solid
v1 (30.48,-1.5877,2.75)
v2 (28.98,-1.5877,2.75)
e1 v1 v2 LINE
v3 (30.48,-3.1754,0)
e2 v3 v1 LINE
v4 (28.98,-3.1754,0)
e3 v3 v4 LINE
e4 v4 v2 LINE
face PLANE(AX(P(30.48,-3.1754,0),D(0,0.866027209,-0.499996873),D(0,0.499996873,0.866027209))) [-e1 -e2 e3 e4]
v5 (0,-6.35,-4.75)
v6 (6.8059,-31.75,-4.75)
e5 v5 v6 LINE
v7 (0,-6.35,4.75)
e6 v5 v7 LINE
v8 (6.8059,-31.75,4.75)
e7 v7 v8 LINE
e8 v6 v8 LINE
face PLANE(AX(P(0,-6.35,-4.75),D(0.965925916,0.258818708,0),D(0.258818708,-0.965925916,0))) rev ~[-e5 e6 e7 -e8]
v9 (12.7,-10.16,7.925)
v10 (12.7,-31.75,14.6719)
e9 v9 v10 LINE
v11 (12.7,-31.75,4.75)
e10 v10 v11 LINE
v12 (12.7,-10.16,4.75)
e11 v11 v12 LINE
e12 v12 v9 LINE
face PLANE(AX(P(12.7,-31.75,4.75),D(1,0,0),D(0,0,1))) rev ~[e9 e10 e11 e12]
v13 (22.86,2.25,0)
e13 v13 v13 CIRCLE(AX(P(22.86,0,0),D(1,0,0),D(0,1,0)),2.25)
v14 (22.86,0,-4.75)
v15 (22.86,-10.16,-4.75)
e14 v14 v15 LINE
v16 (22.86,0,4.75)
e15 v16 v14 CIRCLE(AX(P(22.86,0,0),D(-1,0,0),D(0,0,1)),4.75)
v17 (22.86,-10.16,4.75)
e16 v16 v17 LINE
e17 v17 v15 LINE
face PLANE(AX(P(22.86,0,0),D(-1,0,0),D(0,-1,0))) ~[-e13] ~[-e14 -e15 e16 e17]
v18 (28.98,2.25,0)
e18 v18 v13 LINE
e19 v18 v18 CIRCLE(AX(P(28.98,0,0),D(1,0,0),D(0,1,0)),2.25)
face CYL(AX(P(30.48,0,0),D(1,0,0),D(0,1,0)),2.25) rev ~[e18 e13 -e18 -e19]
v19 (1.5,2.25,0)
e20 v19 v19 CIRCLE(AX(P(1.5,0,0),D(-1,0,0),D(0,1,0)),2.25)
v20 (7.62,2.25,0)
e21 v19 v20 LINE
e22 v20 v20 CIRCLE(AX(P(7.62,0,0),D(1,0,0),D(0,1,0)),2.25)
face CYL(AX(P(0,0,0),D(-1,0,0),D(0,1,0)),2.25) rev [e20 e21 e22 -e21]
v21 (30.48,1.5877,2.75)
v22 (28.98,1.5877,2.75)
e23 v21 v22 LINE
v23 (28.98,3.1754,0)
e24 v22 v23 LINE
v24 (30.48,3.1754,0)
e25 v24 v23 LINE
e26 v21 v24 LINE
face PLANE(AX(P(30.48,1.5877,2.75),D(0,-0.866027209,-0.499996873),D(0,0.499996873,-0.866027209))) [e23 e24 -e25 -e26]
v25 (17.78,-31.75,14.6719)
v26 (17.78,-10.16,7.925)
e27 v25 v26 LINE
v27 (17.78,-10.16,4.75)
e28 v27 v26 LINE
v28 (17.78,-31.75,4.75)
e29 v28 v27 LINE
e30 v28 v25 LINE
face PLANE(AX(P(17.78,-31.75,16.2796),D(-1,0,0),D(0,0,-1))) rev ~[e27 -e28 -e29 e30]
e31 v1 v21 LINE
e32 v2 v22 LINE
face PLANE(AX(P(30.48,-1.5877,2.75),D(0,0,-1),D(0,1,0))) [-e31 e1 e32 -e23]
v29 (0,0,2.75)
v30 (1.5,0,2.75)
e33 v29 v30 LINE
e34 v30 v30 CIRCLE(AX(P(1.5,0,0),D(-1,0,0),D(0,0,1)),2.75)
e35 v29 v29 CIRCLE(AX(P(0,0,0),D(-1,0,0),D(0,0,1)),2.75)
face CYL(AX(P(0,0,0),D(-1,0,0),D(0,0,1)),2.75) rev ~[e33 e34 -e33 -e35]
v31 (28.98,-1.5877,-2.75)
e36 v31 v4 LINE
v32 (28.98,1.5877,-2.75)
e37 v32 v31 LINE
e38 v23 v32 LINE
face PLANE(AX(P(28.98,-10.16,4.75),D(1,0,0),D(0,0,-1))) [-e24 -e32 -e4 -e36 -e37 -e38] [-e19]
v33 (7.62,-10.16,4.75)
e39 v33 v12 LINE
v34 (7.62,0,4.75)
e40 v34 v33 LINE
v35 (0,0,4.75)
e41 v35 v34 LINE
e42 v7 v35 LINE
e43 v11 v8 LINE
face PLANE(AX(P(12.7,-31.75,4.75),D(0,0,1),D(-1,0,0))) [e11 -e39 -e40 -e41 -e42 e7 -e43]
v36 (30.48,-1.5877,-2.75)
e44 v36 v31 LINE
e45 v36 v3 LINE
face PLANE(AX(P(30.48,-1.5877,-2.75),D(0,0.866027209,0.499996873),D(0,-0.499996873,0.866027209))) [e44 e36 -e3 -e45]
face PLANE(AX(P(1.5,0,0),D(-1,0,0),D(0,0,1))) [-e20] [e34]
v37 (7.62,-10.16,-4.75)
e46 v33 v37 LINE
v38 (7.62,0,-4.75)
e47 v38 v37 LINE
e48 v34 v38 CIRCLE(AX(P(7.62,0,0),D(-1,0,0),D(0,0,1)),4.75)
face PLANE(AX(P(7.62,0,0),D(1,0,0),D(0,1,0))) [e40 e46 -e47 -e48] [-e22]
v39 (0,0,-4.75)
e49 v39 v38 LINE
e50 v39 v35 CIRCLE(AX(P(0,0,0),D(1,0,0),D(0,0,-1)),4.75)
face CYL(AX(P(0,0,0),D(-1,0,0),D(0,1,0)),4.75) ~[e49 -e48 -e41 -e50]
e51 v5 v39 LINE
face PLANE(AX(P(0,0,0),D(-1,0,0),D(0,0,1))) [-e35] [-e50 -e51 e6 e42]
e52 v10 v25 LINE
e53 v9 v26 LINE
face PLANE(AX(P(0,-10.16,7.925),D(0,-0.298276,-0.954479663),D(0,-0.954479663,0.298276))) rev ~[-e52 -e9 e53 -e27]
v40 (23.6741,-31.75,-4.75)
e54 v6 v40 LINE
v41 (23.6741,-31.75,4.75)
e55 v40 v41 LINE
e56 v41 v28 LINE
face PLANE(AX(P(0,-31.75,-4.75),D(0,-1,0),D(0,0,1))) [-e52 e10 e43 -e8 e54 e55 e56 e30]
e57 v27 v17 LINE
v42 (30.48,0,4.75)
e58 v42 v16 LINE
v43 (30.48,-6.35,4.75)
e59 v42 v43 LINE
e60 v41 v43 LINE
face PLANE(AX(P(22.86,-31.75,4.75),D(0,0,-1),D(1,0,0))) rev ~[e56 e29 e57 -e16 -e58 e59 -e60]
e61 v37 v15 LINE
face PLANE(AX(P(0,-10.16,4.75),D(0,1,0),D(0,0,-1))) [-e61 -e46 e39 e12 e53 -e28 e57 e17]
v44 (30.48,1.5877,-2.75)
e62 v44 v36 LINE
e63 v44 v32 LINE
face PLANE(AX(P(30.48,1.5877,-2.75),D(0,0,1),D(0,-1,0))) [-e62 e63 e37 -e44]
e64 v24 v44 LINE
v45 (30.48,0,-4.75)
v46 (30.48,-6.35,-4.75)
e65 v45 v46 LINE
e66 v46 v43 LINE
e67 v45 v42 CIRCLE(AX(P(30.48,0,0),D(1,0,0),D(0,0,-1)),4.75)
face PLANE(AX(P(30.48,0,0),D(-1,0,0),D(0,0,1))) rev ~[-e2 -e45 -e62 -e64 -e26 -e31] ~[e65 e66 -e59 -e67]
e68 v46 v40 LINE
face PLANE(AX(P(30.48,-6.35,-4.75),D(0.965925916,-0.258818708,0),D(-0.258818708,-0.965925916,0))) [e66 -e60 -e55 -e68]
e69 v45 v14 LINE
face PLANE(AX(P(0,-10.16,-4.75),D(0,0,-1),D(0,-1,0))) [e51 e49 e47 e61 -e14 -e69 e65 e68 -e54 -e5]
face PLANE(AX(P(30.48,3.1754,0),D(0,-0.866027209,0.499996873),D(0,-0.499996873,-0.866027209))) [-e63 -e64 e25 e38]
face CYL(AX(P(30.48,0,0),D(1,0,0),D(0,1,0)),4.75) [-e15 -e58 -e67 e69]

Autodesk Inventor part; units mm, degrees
ref_plane "YZ Plane" through (0, 0, 0) normal (1, 0, 0) x (0, 1, 0)
ref_plane "XZ Plane" through (0, 0, 0) normal (0, 1, 0) x (-1, 0, 0)
ref_plane "XY Plane" through (0, 0, 0) normal (0, 0, 1) x (1, 0, 0)
sketch "Sketch1" plane through (0, 0, 0) normal (1, 0, 0) x (0, 1, 0)
  circle A0 centre (0, 0) radius 2.25
  circle A1 centre (0, 0) radius 4.75
  line L0 (0, 4.75) -> (-10.16, 4.75)
  line L1 (0, -4.75) -> (-10.16, -4.75)
  line L2 (-10.16, 4.75) -> (-10.16, -4.75)
  dimension "d0" = 4.5
  dimension "d1" = 9.5
  dimension "d2" = 10.16
  dimension "d3" = 10.16
extrude "Extrusion1" add sketch "Sketch1" along normal blind 7.62
ref_plane "Work Plane1" through (15.24, 0, 0) normal (1, 0, 0) x (0, 0, -1)
mirror "Mirror1" about plane through (15.24, 0, 0) normal (1, 0, 0) of "Extrusion1"
sketch "Sketch2" plane through (30.48, -10.16, 4.75) normal (1, 0, 0) x (0, 0, -1)
  circle A0 centre (4.75, 10.16) radius 2.25 projected
  line L0 (7.5, 8.5723) -> (4.75, 6.9846)
  line L1 (4.75, 6.9846) -> (2, 8.5723)
  line L2 (2, 8.5723) -> (2, 11.7477)
  line L3 (2, 11.7477) -> (4.75, 13.3354)
  line L4 (4.75, 13.3354) -> (7.5, 11.7477)
  line L5 (7.5, 11.7477) -> (7.5, 8.5723)
  dimension "d7" = 5.5
extrude "Extrusion2" cut sketch "Sketch2" against normal blind 1.5
sketch "Sketch3" plane through (0, 0, 0) normal (-1, 0, 0) x (0, 0, 1)
  circle A0 centre (0, 0) radius 2.75
  dimension "d10" = 5.5
extrude "Extrusion3" cut sketch "Sketch3" against normal blind 1.5
sketch "Sketch4" plane through (0, 0, 0) normal (-1, 0, 0) x (0, 0, 1)
  line L0 (4.75, 0) -> (7.925, -10.16)
  line L1 (4.75, -10.16) -> (-4.75, -10.16) projected
  line L2 (7.925, -10.16) -> (4.75, -10.16)
  line L3 (4.75, 0) -> (4.75, -10.16)
  point P0 (0, 0)
  dimension "d13" = 3.175
extrude "Extrusion4" add sketch "Sketch4" against normal up to surface (30.48 mm away)
sketch "Sketch5" plane through (0, 0, 0) normal (-1, 0, 0) x (0, 0, 1)
  line L0 (-4.75, -10.16) -> (-4.75, 0) projected
  line L1 (-4.75, -10.16) -> (-4.75, -31.75)
  line L2 (4.75, 0) -> (4.75, -10.16) projected
  line L3 (7.925, -10.16) -> (14.6719, -31.75)
  line L4 (4.75, 0) -> (7.925, -10.16) projected
  line L5 (-4.75, -31.75) -> (14.6719, -31.75)
  line L6 (7.925, -10.16) -> (-4.75, -10.16) projected
  line L7 (-4.75, -10.16) -> (7.925, -10.16)
  point P0 (0, 0)
  dimension "d16" = 31.75
extrude "Extrusion5" add sketch "Sketch5" against normal up to surface (30.48 mm away) contours L6 L3 L5 L1
sketch "Sketch6" plane through (7.62, 0, -4.75) normal (0, 0, -1) x (-1, 0, 0)
  line L0 (-22.86, -31.75) -> (-22.86, 0) projected
  line L1 (-22.86, -6.35) -> (-16.0541, -31.75)
  line L2 (7.62, -31.75) -> (-22.86, -31.75) projected
  line L3 (7.62, -6.35) -> (0.8141, -31.75)
  line L4 (7.62, 0) -> (7.62, -31.75) projected
  line L5 (-22.86, -6.35) -> (-22.86, -31.75)
  line L6 (-22.86, -31.75) -> (-16.0541, -31.75)
  line L7 (0.8141, -31.75) -> (7.62, -31.75)
  line L8 (7.62, -6.35) -> (7.62, -31.75)
  dimension "d20" = 15
  dimension "d21" = 6.35
  dimension "d22" = 15
  dimension "d23" = 6.35
extrude "Extrusion6" cut sketch "Sketch6" against normal through all
sketch "Sketch7" plane through (6.8059, -31.75, 14.6719) normal (0, -1, 0) x (1, 0, 0)
  line L0 (16.0541, -12.4219) -> (16.0541, -16.9219) projected
  line L1 (16.0541, -19.4219) -> (16.0541, -9.9219) projected
  line L2 (16.0541, -9.9219) -> (16.0541, -19.4219) projected
  line L3 (0.8141, -12.4219) -> (0.8141, -16.9219) projected
  line L4 (0.8141, -9.9219) -> (0.8141, -19.4219) projected
  line L5 (0.8141, -19.4219) -> (0.8141, -9.9219) projected
  line L6 (0.8141, -19.4219) -> (0.8141, -9.9219) projected
  line L7 (0, 0) -> (16.8682, 0) projected
  line L8 (5.8941, 0) -> (10.9741, 0)
  line L9 (10.9741, 0) -> (10.9741, -9.9219)
  line L10 (10.9741, -9.9219) -> (5.8941, -9.9219)
  line L11 (5.8941, -9.9219) -> (5.8941, 0)
  line L12 (5.8941, -9.9219) -> (-12.9487, -9.9219)
  line L13 (-12.9487, -9.9219) -> (-12.9487, 3.2333)
  line L14 (-12.9487, 3.2333) -> (5.8941, 3.2333)
  line L15 (5.8941, 3.2333) -> (5.8941, -9.9219)
  line L16 (10.9741, -9.9219) -> (26.322, -9.9219)
  line L17 (26.322, -9.9219) -> (26.322, 1.6077)
  line L18 (26.322, 1.6077) -> (10.9741, 1.6077)
  line L19 (10.9741, 1.6077) -> (10.9741, -9.9219)
  point P0 (-6.8059, -14.6719)
  dimension "d28" = 5.08
  dimension "d29" = 0
  dimension "d30" = 5.8941
  dimension "d31" = 5.8941
extrude "Extrusion7" cut sketch "Sketch7" against normal through all contours L11 L12 L13 L14 L15 | L19 L18 L17 L16 L9
sketch "Sketch8" plane through (17.78, -31.75, 14.6719) normal (1, 0, 0) x (0, 0, -1)
  line L0 (9.9219, 21.59) -> (19.4219, 21.59) projected
  line L1 (9.9219, 21.59) -> (19.4219, 21.59) projected
  line L2 (9.9219, 21.59) -> (5.1304, 21.59)
  line L3 (5.1304, 21.59) -> (9.9219, 31.75)
  line L4 (9.9219, 31.75) -> (9.9219, 21.59)
  line L5 (9.9219, 0) -> (9.9219, 25.4) projected
  point P0 (14.6719, 31.75)
extrude "Extrusion8" cut sketch "Sketch8" against normal up to surface (5.08 mm away)
equation "\"d30\" = d31"
properties part number "Camera Holder"
